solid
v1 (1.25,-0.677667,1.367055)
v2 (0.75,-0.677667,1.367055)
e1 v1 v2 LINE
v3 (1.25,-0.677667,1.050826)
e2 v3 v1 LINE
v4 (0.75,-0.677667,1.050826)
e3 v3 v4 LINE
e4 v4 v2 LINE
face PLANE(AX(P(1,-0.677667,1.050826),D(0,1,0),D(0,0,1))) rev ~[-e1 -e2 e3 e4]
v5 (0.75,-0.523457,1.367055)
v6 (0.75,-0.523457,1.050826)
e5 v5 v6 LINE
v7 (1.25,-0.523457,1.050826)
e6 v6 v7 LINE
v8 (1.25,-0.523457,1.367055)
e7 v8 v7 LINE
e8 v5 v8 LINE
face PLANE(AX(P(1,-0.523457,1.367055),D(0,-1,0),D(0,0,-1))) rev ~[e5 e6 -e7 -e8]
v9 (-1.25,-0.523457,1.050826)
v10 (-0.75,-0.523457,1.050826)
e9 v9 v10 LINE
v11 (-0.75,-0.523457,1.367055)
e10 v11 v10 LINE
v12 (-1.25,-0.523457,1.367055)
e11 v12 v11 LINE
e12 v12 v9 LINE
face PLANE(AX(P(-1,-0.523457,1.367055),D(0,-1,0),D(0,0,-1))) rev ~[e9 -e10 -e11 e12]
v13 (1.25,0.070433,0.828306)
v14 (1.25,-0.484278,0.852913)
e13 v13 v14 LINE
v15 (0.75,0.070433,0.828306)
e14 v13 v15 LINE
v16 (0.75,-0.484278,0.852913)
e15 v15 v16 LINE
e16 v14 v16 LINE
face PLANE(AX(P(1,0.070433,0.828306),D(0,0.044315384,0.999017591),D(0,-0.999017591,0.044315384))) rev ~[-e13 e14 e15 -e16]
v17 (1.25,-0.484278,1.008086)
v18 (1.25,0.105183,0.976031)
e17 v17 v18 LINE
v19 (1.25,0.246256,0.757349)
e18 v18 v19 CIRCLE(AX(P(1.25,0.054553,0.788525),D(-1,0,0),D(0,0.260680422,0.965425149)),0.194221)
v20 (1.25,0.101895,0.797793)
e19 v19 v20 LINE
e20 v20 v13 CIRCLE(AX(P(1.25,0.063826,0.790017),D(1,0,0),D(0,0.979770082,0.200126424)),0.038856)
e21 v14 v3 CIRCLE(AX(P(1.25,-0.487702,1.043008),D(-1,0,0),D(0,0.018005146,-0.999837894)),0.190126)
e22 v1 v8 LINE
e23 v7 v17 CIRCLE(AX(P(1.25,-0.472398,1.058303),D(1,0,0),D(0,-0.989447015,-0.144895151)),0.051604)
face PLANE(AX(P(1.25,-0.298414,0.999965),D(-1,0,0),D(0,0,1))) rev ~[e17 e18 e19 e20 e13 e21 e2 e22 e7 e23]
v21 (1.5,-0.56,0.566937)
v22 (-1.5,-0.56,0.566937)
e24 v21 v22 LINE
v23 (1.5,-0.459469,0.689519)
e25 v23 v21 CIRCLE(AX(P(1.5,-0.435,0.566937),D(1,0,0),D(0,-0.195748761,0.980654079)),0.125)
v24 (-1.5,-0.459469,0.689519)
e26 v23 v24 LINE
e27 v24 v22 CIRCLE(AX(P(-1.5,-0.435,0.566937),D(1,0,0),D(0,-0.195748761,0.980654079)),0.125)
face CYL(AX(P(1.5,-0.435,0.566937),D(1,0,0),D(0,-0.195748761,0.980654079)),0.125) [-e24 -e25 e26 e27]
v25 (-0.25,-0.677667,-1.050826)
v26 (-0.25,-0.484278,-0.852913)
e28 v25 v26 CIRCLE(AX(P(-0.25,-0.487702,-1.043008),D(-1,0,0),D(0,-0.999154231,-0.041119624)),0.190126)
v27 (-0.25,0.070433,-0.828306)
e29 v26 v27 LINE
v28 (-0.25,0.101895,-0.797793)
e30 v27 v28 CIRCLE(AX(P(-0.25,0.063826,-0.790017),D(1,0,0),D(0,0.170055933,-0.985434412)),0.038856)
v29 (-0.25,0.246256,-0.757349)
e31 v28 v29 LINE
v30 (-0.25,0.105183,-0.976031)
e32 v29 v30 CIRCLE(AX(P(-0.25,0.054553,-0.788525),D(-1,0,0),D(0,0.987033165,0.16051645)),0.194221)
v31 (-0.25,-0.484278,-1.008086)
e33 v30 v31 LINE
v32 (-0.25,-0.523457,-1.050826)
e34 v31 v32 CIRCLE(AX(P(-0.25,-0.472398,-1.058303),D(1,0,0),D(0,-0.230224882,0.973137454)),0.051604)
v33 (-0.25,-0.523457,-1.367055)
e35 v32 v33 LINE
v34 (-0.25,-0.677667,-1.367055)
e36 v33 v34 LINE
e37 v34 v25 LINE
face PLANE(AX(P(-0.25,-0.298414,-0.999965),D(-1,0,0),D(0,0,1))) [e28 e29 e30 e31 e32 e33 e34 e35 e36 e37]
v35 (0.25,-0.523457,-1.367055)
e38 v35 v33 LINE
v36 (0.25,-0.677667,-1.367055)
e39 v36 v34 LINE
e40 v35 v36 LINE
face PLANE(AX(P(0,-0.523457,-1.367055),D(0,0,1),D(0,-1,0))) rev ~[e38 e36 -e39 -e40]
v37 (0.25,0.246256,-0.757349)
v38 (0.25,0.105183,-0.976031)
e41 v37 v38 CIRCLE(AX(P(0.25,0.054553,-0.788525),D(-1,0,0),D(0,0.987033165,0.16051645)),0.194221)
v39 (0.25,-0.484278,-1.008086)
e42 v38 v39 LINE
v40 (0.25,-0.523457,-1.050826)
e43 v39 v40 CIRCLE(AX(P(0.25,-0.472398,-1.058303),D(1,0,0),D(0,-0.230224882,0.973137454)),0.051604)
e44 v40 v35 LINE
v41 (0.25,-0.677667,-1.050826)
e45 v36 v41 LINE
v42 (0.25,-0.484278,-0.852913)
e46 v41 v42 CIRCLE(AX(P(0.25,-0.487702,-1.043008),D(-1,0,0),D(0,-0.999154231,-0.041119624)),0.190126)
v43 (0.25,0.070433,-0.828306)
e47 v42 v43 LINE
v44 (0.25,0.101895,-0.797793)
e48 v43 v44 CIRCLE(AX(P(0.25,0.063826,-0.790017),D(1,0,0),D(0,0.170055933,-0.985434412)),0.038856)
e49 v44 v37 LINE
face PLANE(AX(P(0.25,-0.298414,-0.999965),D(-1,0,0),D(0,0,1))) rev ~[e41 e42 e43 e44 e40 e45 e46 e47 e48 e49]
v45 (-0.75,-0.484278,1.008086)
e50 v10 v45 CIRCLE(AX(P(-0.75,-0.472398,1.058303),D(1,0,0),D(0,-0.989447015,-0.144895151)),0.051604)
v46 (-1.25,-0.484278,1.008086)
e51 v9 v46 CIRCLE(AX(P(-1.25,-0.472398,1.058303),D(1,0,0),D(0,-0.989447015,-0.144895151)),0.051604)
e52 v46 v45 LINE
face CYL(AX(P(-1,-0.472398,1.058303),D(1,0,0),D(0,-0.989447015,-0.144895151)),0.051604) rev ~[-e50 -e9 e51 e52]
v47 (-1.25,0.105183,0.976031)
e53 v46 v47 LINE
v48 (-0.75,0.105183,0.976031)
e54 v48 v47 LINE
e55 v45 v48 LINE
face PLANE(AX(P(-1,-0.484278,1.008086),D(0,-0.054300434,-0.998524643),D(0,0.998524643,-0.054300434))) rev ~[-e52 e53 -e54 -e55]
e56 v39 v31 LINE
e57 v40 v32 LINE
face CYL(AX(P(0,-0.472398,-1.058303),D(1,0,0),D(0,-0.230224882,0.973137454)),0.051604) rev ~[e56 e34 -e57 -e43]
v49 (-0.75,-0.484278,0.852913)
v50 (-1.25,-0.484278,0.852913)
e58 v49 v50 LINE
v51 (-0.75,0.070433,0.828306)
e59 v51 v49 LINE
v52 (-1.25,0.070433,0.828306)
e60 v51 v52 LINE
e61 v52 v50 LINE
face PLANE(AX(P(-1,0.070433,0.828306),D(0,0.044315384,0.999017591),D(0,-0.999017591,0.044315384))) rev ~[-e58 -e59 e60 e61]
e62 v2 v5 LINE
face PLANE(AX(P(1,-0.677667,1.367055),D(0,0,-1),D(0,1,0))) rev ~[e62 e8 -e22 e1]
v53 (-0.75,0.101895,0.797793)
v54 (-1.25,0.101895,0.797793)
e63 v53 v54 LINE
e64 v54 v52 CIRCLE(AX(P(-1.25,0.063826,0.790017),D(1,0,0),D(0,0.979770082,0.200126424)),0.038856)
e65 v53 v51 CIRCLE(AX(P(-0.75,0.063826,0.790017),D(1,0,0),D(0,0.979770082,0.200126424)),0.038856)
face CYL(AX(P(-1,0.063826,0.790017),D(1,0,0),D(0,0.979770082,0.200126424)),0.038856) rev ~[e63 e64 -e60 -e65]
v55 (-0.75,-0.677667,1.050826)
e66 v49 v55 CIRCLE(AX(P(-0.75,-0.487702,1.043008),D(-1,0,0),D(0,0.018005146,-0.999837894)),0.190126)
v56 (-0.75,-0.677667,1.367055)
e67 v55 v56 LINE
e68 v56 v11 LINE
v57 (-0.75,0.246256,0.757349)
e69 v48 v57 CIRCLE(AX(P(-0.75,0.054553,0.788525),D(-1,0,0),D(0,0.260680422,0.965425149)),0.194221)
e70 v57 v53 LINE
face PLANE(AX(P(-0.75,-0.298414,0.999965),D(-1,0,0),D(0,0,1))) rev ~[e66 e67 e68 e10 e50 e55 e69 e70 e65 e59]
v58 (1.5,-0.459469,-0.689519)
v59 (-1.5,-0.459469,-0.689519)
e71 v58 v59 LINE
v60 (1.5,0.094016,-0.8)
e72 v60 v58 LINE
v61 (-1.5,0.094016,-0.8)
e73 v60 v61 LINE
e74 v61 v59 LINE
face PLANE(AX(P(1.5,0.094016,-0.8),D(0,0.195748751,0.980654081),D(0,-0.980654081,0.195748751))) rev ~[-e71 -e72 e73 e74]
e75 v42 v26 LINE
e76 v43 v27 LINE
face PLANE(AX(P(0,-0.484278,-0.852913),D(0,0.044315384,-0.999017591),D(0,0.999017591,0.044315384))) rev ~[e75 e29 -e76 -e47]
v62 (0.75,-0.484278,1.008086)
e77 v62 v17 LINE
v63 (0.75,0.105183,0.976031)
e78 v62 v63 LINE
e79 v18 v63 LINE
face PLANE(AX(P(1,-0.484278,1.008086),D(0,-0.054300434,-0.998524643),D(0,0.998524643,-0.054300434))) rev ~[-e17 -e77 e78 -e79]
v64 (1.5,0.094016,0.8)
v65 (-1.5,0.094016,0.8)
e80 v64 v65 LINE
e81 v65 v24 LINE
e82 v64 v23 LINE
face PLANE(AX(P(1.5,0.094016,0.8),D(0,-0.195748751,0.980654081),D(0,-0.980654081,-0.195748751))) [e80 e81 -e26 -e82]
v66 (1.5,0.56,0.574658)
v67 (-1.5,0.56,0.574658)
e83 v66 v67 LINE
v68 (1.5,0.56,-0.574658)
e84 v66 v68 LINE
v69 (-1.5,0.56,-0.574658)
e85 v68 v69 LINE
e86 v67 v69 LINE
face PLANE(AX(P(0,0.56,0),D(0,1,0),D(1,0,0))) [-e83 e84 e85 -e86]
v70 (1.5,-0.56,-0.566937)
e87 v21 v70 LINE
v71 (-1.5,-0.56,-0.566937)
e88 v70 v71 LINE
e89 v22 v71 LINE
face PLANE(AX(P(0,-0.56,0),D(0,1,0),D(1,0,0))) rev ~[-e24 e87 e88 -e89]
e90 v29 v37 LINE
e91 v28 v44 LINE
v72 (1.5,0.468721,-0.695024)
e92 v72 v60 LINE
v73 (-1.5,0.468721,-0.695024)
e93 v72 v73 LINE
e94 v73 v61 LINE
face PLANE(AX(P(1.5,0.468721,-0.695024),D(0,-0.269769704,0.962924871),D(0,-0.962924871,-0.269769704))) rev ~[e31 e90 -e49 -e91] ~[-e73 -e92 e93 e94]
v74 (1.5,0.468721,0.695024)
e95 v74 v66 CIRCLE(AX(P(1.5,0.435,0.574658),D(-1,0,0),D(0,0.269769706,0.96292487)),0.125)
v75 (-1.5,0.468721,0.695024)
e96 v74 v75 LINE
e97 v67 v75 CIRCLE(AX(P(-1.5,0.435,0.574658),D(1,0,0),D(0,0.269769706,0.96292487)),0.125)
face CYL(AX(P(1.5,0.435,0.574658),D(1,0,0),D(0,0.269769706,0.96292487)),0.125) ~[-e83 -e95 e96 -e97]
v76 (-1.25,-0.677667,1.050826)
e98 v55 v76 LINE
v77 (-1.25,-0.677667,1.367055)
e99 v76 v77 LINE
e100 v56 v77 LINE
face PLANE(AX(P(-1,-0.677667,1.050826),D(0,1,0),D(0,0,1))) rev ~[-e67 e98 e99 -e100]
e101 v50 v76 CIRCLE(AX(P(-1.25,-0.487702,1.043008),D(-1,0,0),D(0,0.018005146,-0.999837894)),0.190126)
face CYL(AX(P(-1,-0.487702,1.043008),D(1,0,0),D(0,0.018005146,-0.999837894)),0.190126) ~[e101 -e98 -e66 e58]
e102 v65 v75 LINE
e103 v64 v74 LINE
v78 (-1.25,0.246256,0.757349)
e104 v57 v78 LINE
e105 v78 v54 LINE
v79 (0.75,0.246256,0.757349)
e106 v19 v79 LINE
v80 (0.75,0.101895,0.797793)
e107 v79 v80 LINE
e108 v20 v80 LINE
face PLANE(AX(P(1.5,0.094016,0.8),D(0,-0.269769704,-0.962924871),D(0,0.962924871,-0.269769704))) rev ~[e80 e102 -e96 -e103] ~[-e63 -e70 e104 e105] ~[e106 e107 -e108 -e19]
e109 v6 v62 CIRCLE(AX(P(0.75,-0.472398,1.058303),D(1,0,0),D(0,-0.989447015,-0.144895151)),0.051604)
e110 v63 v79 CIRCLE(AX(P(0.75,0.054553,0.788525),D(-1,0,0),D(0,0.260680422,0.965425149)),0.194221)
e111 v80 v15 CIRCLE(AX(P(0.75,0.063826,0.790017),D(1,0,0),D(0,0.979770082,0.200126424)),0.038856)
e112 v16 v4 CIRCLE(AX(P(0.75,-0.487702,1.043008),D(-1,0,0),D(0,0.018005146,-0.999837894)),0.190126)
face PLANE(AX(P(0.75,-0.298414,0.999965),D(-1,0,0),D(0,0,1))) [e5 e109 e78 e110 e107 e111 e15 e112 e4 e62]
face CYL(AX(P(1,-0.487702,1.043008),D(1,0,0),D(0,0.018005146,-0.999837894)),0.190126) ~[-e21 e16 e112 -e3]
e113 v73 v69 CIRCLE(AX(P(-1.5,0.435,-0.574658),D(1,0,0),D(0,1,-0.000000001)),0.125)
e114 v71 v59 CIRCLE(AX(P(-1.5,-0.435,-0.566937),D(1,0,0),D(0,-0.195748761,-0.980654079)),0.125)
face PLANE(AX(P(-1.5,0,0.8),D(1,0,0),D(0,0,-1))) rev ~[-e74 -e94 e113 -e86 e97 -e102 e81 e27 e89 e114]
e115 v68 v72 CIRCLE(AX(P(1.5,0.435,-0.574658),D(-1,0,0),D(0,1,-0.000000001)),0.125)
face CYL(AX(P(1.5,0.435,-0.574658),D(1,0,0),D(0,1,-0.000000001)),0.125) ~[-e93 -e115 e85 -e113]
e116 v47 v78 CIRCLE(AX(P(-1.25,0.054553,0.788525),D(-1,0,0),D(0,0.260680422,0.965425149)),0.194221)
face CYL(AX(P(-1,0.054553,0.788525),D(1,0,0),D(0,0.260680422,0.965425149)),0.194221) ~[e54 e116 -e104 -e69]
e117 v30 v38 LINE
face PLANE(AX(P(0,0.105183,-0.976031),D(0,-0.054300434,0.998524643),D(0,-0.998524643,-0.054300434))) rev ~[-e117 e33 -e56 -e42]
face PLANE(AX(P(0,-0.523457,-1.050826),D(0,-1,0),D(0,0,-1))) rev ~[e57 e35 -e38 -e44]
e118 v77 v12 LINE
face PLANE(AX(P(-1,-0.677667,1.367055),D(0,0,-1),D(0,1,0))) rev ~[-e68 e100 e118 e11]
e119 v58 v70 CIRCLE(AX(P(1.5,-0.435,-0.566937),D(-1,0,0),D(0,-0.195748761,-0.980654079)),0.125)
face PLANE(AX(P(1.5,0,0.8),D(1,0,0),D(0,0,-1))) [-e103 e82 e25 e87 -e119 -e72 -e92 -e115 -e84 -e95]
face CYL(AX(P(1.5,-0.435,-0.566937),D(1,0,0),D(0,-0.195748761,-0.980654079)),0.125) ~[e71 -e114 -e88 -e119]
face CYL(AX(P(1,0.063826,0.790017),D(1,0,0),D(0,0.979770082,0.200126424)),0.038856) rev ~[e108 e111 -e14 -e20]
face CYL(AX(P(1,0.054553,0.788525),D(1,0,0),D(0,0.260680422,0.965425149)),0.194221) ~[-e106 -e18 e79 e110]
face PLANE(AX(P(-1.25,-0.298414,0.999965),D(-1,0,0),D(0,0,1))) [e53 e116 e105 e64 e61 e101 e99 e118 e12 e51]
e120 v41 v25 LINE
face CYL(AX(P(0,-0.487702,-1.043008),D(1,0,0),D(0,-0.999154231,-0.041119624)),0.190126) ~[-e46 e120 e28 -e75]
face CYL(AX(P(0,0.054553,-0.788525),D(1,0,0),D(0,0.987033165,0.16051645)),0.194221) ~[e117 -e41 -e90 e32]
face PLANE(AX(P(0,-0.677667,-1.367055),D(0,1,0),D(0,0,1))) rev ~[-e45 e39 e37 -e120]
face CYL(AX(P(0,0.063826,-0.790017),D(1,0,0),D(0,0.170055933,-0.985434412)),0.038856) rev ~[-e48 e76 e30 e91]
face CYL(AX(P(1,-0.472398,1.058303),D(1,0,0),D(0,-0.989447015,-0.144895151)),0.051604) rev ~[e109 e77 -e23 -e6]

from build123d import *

# Parameters (mm, degrees)
SKETCH1_W           = 3
SKETCH1_H           = 1.6
BOSS_EXTRUDE1_DEPTH = 0.56
CUT_EXTRUDE1_DEPTH  = 4.154932646
BOSS_EXTRUDE2_DEPTH = 0.25
BOSS_EXTRUDE3_DEPTH = 0.25
LPATTERN1_COUNT     = 2
LPATTERN1_PITCH     = 1
LPATTERN1_COL_COUNT = 2
LPATTERN1_COL_PITCH = 1
CUT_EXTRUDE2_DEPTH  = 0.5


with BuildPart() as part:
    # Sketch1 → Boss-Extrude1 (new, symmetric)
    with BuildSketch(Plane(origin=(0, 0, 0), x_dir=(1, 0, 0), z_dir=(0, 1, 0))):
        Rectangle(SKETCH1_W, SKETCH1_H)
    extrude(amount=BOSS_EXTRUDE1_DEPTH, both=True)

    # Sketch3 → Cut-Extrude1 (cut, through all)
    with BuildSketch(Plane(origin=(1.5, 0, 0), x_dir=(0, 0, -1), z_dir=(1, 0, 0))):
        with BuildLine():
            Line((-0.8, 0.094016152), (-0.695023925, 0.468721213))
            ThreePointArc((-0.695023925, 0.468721213), (-0.650189265, 0.534599577), (-0.574658316, 0.56))
            Line((-0.574658316, 0.56), (-0.8, 0.56))
            Line((-0.8, 0.56), (-0.8, 0.094016152))
        make_face()
        with BuildLine():
            ThreePointArc((0.68951869, -0.459468594), (0.646203649, -0.531652921), (0.56693693, -0.56))
            Line((0.56693693, -0.56), (0.8, -0.56))
            Line((0.8, -0.56), (0.8, 0.094016152))
            Line((0.8, 0.094016152), (0.68951869, -0.459468594))
        make_face()
        with BuildLine():
            Line((0.8, 0.56), (0.574658316, 0.56))
            ThreePointArc((0.574658316, 0.56), (0.650189265, 0.534599577), (0.695023925, 0.468721213))
            Line((0.695023925, 0.468721213), (0.8, 0.094016152))
            Line((0.8, 0.094016152), (0.8, 0.56))
        make_face()
        with BuildLine():
            Line((-0.8, 0.094016152), (-0.68951869, -0.459468594))
            ThreePointArc((-0.68951869, -0.459468594), (-0.646203649, -0.531652921), (-0.56693693, -0.56))
            Line((-0.56693693, -0.56), (-0.8, -0.56))
            Line((-0.8, -0.56), (-0.8, 0.094016152))
        make_face()
    extrude(amount=-CUT_EXTRUDE1_DEPTH, mode=Mode.SUBTRACT)

    # Sketch4 → Boss-Extrude2 (add, symmetric)
    with BuildSketch(Plane(origin=(0, 0, 0), x_dir=(0, 0, -1), z_dir=(1, 0, 0))):
        with BuildLine():
            Line((0.976030545, 0.105182979), (1.008085847, -0.484278406))
            ThreePointArc((1.008085847, -0.484278406), (1.023433461, -0.510437852), (1.050826249, -0.523457109))
            Line((1.050826249, -0.523457109), (1.367055221, -0.523457109))
            Line((1.367055221, -0.523457109), (1.367055221, -0.677667296))
            Line((1.367055221, -0.677667296), (1.050826249, -0.677667296))
            ThreePointArc((1.050826249, -0.677667296), (0.910132045, -0.623686799), (0.852912703, -0.484278406))
            Line((0.852912703, -0.484278406), (0.828306269, 0.070433264))
            ThreePointArc((0.828306269, 0.070433264), (0.817908815, 0.090877142), (0.797792626, 0.101895224))
            Line((0.797792626, 0.101895224), (0.757349025, 0.246255946))
            ThreePointArc((0.757349025, 0.246255946), (0.893810861, 0.217760671), (0.976030545, 0.105182979))
        make_face()
    extrude(amount=BOSS_EXTRUDE2_DEPTH, both=True)

    # Sketch5 → Boss-Extrude3 (add, symmetric)
    with BuildSketch(Plane(origin=(0, 0, 0), x_dir=(0, 0, -1), z_dir=(1, 0, 0))):
        with BuildLine():
            Line((-1.008085847, -0.484278406), (-0.976030545, 0.105182979))
            ThreePointArc((-0.976030545, 0.105182979), (-0.893810861, 0.217760671), (-0.757349025, 0.246255946))
            Line((-0.757349025, 0.246255946), (-0.797792626, 0.101895224))
            ThreePointArc((-0.797792626, 0.101895224), (-0.817908815, 0.090877142), (-0.828306269, 0.070433264))
            Line((-0.828306269, 0.070433264), (-0.852912703, -0.484278406))
            ThreePointArc((-0.852912703, -0.484278406), (-0.910132045, -0.623686799), (-1.050826249, -0.677667296))
            Line((-1.050826249, -0.677667296), (-1.367055221, -0.677667296))
            Line((-1.367055221, -0.677667296), (-1.367055221, -0.523457109))
            Line((-1.367055221, -0.523457109), (-1.050826249, -0.523457109))
            ThreePointArc((-1.050826249, -0.523457109), (-1.023433461, -0.510437852), (-1.008085847, -0.484278406))
        make_face()
    boss_extrude3 = extrude(amount=BOSS_EXTRUDE3_DEPTH, both=True)

    # LPattern1: Boss-Extrude3 ×2
    with Locations(*[(i * LPATTERN1_PITCH, 0, 0) for i in range(1, LPATTERN1_COUNT)]):
        add(boss_extrude3)

    # LPattern1 col: Boss-Extrude3 ×2
    with Locations(*[(-i * LPATTERN1_COL_PITCH, 0, 0) for i in range(1, LPATTERN1_COL_COUNT)]):
        add(boss_extrude3)

    # Sketch6 → Cut-Extrude2 (cut)
    with BuildSketch(Plane(origin=(0.25, 0, 0), x_dir=(0, 0, -1), z_dir=(1, 0, 0))):
        with BuildLine():
            Line((-1.050826249, -0.523457109), (-1.367055221, -0.523457109))
            Line((-1.367055221, -0.523457109), (-1.367055221, -0.677667296))
            Line((-1.367055221, -0.677667296), (-1.050826249, -0.677667296))
            ThreePointArc((-1.050826249, -0.677667296), (-0.910132045, -0.623686799), (-0.852912703, -0.484278406))
            Line((-0.852912703, -0.484278406), (-0.828306269, 0.070433264))
            ThreePointArc((-0.828306269, 0.070433264), (-0.817908815, 0.090877142), (-0.797792626, 0.101895224))
            Line((-0.797792626, 0.101895224), (-0.757349025, 0.246255946))
            ThreePointArc((-0.757349025, 0.246255946), (-0.893810861, 0.217760671), (-0.976030545, 0.105182979))
            Line((-0.976030545, 0.105182979), (-1.008085847, -0.484278406))
            ThreePointArc((-1.008085847, -0.484278406), (-1.023433461, -0.510437852), (-1.050826249, -0.523457109))
        make_face()
    extrude(amount=-CUT_EXTRUDE2_DEPTH, mode=Mode.SUBTRACT)


solid = part.part
